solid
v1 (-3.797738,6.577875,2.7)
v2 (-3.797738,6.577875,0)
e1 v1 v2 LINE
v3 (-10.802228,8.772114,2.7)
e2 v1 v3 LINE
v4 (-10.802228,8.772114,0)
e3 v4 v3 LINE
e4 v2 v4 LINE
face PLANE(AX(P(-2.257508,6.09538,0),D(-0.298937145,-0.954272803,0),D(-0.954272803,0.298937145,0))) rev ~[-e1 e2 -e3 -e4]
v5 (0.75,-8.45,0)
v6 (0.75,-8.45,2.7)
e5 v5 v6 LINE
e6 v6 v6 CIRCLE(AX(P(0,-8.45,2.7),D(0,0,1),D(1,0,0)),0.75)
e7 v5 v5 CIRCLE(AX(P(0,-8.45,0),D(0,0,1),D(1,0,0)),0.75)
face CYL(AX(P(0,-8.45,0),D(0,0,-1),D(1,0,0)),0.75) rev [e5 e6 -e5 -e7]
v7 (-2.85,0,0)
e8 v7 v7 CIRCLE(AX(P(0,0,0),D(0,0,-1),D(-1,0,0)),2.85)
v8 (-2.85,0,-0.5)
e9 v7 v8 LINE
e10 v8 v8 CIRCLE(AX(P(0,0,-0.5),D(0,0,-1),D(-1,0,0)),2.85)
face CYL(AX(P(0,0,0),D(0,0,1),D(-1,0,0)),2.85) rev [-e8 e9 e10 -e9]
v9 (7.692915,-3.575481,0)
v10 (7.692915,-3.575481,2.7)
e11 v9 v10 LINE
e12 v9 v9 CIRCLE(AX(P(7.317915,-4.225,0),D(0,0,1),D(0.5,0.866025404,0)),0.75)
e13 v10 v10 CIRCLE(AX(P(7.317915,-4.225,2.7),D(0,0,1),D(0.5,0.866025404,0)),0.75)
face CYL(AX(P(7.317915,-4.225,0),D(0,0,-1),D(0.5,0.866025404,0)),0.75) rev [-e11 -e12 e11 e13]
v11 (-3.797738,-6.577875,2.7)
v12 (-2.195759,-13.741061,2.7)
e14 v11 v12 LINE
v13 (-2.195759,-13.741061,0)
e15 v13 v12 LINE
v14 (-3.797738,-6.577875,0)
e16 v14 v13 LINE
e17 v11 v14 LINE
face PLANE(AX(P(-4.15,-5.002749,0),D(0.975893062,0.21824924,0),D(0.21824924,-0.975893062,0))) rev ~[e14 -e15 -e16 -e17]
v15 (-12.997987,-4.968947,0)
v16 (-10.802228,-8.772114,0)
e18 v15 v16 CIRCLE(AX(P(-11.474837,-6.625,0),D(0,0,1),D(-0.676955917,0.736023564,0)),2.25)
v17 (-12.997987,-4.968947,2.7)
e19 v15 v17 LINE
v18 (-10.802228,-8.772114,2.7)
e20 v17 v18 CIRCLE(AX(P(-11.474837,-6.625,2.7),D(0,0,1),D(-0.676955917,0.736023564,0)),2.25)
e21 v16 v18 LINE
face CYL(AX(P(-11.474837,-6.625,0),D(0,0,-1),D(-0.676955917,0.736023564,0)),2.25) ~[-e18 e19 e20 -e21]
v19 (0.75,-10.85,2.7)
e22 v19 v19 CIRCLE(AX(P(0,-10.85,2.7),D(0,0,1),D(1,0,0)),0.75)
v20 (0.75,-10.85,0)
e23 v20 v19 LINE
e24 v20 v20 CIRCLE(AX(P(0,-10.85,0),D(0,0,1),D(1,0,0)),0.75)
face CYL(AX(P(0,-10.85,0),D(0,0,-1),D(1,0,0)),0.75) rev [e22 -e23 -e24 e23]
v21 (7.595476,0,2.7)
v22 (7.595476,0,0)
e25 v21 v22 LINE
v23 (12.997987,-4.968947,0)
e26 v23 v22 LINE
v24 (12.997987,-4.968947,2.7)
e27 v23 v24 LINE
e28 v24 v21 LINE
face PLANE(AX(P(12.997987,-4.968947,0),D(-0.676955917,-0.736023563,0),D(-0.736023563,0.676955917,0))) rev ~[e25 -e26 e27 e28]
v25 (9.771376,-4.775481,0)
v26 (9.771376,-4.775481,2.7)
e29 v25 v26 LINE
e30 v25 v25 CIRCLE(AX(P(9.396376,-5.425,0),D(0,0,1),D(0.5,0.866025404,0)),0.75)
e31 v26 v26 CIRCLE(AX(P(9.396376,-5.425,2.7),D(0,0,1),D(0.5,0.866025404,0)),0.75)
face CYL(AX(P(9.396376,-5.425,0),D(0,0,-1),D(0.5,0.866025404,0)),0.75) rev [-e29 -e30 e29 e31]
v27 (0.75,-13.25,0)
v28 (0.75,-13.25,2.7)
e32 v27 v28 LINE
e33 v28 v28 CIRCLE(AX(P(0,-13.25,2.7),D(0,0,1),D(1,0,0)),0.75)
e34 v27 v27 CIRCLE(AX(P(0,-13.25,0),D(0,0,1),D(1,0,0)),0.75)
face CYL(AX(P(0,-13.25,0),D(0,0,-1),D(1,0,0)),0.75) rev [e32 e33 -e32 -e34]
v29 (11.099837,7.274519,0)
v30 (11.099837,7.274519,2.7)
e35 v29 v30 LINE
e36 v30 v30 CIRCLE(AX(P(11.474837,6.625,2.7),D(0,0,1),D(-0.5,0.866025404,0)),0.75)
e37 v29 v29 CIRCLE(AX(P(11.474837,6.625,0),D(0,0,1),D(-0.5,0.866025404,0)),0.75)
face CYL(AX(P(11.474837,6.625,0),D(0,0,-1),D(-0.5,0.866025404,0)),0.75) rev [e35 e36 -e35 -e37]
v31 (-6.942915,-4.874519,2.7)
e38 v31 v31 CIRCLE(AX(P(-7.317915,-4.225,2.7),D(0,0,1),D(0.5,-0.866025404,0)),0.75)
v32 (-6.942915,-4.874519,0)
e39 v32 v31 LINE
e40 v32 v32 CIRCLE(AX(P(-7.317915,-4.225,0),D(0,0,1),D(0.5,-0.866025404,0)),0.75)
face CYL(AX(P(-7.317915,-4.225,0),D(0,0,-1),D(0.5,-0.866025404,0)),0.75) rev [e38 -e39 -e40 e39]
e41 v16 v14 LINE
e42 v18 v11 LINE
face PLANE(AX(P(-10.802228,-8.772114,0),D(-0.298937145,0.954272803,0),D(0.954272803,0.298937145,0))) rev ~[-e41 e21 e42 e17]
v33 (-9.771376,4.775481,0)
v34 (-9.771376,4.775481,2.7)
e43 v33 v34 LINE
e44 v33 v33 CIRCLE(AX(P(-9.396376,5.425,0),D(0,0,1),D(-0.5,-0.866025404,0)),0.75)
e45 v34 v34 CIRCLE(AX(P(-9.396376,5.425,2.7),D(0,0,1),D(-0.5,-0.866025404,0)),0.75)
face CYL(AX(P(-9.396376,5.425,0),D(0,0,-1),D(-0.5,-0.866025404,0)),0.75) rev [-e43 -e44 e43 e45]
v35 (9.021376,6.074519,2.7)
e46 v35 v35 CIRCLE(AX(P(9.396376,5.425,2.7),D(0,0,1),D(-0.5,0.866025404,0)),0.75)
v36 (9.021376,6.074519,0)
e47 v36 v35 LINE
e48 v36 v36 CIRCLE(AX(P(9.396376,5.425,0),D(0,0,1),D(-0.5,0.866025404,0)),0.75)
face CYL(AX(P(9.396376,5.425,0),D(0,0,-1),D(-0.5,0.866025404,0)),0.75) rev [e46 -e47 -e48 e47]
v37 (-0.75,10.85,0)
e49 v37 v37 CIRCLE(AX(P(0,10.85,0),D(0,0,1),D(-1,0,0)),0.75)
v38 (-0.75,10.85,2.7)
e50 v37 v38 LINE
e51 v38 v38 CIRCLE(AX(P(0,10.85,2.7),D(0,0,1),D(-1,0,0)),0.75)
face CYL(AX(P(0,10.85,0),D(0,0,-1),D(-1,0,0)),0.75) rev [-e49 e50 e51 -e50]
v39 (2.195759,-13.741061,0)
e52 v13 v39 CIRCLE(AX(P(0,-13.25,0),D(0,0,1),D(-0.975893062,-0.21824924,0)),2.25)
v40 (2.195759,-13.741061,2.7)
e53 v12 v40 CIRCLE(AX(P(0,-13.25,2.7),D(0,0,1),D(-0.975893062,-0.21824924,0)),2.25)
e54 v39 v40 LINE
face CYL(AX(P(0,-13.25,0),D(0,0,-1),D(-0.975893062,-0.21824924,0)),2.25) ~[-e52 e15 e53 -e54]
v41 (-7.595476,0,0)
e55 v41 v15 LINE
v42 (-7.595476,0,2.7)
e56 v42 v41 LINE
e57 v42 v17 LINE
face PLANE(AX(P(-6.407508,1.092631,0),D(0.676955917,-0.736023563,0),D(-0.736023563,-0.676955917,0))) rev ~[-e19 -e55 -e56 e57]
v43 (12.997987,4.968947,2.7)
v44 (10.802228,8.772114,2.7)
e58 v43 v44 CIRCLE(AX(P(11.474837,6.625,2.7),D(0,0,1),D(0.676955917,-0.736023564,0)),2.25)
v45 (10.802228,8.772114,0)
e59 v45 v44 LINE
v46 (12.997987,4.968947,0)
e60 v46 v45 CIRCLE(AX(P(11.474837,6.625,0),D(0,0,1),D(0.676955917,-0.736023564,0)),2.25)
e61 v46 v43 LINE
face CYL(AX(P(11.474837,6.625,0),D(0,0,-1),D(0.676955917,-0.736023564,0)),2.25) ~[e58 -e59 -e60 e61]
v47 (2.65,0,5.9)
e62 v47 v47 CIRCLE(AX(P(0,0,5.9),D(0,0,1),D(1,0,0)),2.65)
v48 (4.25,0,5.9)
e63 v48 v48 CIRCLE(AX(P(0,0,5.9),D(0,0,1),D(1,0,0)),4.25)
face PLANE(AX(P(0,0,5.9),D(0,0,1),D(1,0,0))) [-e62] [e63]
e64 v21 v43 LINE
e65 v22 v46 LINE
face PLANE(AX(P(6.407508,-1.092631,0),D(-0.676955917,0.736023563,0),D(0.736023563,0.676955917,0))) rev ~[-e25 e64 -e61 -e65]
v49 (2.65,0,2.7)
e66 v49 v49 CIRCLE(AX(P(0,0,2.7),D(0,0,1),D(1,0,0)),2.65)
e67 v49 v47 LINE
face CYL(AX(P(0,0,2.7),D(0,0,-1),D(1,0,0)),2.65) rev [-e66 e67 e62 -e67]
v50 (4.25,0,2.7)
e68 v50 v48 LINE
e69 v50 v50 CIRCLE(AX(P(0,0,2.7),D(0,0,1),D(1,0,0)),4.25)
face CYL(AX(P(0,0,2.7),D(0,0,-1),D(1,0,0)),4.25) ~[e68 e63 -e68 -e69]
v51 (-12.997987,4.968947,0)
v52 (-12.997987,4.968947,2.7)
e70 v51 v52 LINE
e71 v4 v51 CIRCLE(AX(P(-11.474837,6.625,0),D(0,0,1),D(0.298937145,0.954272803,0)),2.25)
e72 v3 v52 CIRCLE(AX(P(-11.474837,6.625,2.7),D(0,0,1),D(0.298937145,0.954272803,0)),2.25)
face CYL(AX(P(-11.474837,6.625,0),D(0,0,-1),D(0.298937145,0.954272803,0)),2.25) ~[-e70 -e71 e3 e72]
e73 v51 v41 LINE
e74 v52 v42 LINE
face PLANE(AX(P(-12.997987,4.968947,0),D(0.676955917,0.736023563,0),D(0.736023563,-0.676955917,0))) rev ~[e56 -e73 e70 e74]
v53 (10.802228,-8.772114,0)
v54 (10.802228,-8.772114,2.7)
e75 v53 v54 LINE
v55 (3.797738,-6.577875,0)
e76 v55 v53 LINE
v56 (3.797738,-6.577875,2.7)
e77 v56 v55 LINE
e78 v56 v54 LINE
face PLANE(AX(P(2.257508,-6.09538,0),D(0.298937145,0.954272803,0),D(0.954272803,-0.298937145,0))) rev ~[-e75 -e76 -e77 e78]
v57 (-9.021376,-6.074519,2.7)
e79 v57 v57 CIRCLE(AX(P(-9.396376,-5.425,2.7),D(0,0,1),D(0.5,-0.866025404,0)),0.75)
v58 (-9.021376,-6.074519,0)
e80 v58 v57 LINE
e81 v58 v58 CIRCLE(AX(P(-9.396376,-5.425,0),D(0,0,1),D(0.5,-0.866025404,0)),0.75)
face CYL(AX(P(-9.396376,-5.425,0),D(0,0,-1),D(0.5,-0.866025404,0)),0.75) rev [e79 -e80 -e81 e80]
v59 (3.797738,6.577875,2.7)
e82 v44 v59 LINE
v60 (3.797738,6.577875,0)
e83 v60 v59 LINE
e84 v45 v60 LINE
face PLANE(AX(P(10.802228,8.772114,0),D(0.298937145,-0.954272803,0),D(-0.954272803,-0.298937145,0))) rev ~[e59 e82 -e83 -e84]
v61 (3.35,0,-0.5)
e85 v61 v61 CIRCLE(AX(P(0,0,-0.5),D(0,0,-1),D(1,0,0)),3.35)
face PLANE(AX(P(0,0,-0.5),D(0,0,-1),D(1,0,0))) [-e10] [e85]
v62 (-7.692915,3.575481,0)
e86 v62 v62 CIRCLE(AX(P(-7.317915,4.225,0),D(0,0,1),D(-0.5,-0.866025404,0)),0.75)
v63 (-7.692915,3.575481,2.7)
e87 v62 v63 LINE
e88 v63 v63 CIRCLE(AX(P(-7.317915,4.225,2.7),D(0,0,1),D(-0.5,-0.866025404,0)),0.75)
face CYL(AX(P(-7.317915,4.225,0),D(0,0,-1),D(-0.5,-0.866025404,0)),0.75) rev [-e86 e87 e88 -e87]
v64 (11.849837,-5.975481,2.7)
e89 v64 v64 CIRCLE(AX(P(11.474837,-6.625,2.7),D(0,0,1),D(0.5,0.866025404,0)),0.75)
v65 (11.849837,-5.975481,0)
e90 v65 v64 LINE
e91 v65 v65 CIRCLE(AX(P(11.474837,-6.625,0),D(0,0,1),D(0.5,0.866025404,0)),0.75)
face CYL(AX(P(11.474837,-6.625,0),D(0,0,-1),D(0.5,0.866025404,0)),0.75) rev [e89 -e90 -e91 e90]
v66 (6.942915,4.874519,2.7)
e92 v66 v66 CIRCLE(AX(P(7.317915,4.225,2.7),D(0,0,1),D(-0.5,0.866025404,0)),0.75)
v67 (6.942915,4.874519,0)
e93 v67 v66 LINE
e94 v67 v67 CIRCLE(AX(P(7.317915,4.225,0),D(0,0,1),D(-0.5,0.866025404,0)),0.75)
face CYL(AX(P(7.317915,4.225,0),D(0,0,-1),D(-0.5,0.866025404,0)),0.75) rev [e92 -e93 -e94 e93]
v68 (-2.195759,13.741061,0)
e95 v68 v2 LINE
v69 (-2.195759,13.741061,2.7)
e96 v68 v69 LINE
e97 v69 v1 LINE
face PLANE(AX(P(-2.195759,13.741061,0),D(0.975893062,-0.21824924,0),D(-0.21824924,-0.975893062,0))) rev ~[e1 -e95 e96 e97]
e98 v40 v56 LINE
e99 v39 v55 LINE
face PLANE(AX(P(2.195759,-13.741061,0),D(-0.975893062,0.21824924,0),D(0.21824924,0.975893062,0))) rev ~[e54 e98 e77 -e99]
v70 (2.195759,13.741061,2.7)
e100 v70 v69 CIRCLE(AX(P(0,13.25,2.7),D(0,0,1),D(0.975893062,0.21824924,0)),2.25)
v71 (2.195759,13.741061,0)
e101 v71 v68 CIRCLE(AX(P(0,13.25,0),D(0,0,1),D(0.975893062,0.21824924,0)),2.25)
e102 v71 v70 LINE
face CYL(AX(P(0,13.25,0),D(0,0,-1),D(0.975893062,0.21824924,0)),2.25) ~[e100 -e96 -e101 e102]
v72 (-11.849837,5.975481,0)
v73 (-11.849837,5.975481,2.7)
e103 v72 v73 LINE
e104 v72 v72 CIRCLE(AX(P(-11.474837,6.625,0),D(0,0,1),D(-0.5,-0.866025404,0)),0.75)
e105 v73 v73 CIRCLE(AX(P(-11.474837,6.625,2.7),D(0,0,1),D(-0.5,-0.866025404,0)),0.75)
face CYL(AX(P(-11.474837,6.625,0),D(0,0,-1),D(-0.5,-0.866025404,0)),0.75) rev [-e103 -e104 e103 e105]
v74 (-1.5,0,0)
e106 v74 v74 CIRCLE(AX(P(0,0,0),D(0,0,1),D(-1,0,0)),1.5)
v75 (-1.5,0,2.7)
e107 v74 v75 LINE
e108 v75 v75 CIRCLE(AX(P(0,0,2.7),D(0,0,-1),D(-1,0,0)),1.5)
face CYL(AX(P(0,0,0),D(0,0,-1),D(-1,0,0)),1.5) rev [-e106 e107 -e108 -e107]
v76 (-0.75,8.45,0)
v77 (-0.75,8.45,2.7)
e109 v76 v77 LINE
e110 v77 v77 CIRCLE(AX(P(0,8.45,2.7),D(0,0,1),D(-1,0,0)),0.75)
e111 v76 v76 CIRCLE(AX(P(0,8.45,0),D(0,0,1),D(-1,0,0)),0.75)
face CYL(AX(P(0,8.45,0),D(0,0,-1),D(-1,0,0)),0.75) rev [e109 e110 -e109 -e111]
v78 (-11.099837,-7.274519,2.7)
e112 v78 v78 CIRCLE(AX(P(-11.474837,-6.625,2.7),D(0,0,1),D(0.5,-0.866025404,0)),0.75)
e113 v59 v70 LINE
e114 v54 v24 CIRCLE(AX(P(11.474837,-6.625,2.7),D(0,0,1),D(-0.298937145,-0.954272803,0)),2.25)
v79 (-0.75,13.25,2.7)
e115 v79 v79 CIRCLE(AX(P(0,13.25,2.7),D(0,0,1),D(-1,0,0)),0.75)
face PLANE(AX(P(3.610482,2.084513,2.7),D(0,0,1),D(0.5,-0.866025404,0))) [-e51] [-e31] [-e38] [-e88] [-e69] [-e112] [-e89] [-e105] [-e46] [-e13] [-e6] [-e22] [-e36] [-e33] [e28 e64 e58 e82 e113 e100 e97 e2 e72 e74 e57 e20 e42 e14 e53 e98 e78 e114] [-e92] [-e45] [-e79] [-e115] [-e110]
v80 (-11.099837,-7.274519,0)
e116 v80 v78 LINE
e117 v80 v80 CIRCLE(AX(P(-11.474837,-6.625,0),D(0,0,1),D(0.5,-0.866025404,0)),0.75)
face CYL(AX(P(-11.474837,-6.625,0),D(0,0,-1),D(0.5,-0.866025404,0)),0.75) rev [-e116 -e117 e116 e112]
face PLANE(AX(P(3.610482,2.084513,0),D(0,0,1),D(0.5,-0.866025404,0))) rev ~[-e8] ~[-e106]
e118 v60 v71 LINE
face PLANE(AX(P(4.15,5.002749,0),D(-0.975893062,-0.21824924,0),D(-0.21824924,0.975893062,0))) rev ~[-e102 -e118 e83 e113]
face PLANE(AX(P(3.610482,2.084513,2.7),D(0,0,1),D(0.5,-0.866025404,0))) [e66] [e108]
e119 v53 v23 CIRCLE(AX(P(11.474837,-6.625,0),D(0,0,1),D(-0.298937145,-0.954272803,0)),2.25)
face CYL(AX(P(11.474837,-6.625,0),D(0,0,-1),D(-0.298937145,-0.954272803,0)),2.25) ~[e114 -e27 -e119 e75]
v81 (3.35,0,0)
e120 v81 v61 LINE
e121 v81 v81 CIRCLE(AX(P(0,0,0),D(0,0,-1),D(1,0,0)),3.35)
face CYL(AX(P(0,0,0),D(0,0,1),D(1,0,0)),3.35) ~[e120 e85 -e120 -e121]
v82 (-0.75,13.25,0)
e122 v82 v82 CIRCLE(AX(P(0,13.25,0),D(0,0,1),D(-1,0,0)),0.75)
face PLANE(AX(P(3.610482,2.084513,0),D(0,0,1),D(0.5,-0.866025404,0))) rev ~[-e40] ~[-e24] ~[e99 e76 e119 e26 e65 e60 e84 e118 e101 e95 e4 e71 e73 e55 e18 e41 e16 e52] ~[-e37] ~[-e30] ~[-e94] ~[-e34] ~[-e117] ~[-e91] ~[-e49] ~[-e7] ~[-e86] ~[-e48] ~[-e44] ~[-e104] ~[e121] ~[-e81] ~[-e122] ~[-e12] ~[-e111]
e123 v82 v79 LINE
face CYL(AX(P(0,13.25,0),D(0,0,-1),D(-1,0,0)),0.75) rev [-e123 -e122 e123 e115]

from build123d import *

# Parameters (mm, degrees)
ESBO_O1_R                = 0.75
ESBO_O1_R_2              = 1.5
RESSALTO_EXTRUS_O1_DEPTH = 2.7
PADR_OCIRCULAR1_COUNT    = 6
ESBO_O2_R                = 4.25
ESBO_O2_R_2              = 2.65
RESSALTO_EXTRUS_O2_DEPTH = 3.2
ESBO_O3_R                = 3.35
ESBO_O3_R_2              = 2.85
RESSALTO_EXTRUS_O3_DEPTH = 0.5


with BuildPart() as part:
    # Esboço1 → Ressalto-extrusão1 (new body)
    with BuildSketch(Plane.XY):
        with BuildLine():
            Line((-2.19575939, 13.74106079), (-4.15, 5.002749244))
            ThreePointArc((-4.15, 5.002749244), (0, -6.5), (4.15, 5.002749244))
            Line((4.15, 5.002749244), (2.19575939, 13.74106079))
            ThreePointArc((2.19575939, 13.74106079), (0, 15.5), (-2.19575939, 13.74106079))
        make_face()
        with Locations(Location((0, 13.25, 0), (0, 0, 180))):
            Circle(ESBO_O1_R, mode=Mode.SUBTRACT)
        with Locations(Location((0, 10.85, 0), (0, 0, 180))):
            Circle(ESBO_O1_R, mode=Mode.SUBTRACT)
        with Locations(Location((0, 8.45, 0), (0, 0, 180))):
            Circle(ESBO_O1_R, mode=Mode.SUBTRACT)
        with Locations(Location((0, 0, 0), (0, 0, 180))):
            Circle(ESBO_O1_R_2, mode=Mode.SUBTRACT)
    ressalto_extrus_o1 = extrude(amount=RESSALTO_EXTRUS_O1_DEPTH)

    # PadrãoCircular1: Ressalto-extrusão1 ×6 about axis
    padr_ocircular1_axis = Axis((0, 0, 0), (0, 0, 1))
    for i in range(1, PADR_OCIRCULAR1_COUNT):
        add(ressalto_extrus_o1.rotate(padr_ocircular1_axis, i * 360 / PADR_OCIRCULAR1_COUNT))

    # Esboço2 → Ressalto-extrusão2 (add)
    with BuildSketch(Plane.XY.offset(2.7)):
        Circle(ESBO_O2_R)
        Circle(ESBO_O2_R_2, mode=Mode.SUBTRACT)
    extrude(amount=RESSALTO_EXTRUS_O2_DEPTH)

    # Esboço3 → Ressalto-extrusão3 (add)
    with BuildSketch(Plane(origin=(0, 0, 0), x_dir=(-1, 0, 0), z_dir=(0, 0, -1))):
        with Locations(Location((0, 0, 0), (0, 0, 180))):
            Circle(ESBO_O3_R)
        Circle(ESBO_O3_R_2, mode=Mode.SUBTRACT)
    extrude(amount=RESSALTO_EXTRUS_O3_DEPTH)


solid = part.part
